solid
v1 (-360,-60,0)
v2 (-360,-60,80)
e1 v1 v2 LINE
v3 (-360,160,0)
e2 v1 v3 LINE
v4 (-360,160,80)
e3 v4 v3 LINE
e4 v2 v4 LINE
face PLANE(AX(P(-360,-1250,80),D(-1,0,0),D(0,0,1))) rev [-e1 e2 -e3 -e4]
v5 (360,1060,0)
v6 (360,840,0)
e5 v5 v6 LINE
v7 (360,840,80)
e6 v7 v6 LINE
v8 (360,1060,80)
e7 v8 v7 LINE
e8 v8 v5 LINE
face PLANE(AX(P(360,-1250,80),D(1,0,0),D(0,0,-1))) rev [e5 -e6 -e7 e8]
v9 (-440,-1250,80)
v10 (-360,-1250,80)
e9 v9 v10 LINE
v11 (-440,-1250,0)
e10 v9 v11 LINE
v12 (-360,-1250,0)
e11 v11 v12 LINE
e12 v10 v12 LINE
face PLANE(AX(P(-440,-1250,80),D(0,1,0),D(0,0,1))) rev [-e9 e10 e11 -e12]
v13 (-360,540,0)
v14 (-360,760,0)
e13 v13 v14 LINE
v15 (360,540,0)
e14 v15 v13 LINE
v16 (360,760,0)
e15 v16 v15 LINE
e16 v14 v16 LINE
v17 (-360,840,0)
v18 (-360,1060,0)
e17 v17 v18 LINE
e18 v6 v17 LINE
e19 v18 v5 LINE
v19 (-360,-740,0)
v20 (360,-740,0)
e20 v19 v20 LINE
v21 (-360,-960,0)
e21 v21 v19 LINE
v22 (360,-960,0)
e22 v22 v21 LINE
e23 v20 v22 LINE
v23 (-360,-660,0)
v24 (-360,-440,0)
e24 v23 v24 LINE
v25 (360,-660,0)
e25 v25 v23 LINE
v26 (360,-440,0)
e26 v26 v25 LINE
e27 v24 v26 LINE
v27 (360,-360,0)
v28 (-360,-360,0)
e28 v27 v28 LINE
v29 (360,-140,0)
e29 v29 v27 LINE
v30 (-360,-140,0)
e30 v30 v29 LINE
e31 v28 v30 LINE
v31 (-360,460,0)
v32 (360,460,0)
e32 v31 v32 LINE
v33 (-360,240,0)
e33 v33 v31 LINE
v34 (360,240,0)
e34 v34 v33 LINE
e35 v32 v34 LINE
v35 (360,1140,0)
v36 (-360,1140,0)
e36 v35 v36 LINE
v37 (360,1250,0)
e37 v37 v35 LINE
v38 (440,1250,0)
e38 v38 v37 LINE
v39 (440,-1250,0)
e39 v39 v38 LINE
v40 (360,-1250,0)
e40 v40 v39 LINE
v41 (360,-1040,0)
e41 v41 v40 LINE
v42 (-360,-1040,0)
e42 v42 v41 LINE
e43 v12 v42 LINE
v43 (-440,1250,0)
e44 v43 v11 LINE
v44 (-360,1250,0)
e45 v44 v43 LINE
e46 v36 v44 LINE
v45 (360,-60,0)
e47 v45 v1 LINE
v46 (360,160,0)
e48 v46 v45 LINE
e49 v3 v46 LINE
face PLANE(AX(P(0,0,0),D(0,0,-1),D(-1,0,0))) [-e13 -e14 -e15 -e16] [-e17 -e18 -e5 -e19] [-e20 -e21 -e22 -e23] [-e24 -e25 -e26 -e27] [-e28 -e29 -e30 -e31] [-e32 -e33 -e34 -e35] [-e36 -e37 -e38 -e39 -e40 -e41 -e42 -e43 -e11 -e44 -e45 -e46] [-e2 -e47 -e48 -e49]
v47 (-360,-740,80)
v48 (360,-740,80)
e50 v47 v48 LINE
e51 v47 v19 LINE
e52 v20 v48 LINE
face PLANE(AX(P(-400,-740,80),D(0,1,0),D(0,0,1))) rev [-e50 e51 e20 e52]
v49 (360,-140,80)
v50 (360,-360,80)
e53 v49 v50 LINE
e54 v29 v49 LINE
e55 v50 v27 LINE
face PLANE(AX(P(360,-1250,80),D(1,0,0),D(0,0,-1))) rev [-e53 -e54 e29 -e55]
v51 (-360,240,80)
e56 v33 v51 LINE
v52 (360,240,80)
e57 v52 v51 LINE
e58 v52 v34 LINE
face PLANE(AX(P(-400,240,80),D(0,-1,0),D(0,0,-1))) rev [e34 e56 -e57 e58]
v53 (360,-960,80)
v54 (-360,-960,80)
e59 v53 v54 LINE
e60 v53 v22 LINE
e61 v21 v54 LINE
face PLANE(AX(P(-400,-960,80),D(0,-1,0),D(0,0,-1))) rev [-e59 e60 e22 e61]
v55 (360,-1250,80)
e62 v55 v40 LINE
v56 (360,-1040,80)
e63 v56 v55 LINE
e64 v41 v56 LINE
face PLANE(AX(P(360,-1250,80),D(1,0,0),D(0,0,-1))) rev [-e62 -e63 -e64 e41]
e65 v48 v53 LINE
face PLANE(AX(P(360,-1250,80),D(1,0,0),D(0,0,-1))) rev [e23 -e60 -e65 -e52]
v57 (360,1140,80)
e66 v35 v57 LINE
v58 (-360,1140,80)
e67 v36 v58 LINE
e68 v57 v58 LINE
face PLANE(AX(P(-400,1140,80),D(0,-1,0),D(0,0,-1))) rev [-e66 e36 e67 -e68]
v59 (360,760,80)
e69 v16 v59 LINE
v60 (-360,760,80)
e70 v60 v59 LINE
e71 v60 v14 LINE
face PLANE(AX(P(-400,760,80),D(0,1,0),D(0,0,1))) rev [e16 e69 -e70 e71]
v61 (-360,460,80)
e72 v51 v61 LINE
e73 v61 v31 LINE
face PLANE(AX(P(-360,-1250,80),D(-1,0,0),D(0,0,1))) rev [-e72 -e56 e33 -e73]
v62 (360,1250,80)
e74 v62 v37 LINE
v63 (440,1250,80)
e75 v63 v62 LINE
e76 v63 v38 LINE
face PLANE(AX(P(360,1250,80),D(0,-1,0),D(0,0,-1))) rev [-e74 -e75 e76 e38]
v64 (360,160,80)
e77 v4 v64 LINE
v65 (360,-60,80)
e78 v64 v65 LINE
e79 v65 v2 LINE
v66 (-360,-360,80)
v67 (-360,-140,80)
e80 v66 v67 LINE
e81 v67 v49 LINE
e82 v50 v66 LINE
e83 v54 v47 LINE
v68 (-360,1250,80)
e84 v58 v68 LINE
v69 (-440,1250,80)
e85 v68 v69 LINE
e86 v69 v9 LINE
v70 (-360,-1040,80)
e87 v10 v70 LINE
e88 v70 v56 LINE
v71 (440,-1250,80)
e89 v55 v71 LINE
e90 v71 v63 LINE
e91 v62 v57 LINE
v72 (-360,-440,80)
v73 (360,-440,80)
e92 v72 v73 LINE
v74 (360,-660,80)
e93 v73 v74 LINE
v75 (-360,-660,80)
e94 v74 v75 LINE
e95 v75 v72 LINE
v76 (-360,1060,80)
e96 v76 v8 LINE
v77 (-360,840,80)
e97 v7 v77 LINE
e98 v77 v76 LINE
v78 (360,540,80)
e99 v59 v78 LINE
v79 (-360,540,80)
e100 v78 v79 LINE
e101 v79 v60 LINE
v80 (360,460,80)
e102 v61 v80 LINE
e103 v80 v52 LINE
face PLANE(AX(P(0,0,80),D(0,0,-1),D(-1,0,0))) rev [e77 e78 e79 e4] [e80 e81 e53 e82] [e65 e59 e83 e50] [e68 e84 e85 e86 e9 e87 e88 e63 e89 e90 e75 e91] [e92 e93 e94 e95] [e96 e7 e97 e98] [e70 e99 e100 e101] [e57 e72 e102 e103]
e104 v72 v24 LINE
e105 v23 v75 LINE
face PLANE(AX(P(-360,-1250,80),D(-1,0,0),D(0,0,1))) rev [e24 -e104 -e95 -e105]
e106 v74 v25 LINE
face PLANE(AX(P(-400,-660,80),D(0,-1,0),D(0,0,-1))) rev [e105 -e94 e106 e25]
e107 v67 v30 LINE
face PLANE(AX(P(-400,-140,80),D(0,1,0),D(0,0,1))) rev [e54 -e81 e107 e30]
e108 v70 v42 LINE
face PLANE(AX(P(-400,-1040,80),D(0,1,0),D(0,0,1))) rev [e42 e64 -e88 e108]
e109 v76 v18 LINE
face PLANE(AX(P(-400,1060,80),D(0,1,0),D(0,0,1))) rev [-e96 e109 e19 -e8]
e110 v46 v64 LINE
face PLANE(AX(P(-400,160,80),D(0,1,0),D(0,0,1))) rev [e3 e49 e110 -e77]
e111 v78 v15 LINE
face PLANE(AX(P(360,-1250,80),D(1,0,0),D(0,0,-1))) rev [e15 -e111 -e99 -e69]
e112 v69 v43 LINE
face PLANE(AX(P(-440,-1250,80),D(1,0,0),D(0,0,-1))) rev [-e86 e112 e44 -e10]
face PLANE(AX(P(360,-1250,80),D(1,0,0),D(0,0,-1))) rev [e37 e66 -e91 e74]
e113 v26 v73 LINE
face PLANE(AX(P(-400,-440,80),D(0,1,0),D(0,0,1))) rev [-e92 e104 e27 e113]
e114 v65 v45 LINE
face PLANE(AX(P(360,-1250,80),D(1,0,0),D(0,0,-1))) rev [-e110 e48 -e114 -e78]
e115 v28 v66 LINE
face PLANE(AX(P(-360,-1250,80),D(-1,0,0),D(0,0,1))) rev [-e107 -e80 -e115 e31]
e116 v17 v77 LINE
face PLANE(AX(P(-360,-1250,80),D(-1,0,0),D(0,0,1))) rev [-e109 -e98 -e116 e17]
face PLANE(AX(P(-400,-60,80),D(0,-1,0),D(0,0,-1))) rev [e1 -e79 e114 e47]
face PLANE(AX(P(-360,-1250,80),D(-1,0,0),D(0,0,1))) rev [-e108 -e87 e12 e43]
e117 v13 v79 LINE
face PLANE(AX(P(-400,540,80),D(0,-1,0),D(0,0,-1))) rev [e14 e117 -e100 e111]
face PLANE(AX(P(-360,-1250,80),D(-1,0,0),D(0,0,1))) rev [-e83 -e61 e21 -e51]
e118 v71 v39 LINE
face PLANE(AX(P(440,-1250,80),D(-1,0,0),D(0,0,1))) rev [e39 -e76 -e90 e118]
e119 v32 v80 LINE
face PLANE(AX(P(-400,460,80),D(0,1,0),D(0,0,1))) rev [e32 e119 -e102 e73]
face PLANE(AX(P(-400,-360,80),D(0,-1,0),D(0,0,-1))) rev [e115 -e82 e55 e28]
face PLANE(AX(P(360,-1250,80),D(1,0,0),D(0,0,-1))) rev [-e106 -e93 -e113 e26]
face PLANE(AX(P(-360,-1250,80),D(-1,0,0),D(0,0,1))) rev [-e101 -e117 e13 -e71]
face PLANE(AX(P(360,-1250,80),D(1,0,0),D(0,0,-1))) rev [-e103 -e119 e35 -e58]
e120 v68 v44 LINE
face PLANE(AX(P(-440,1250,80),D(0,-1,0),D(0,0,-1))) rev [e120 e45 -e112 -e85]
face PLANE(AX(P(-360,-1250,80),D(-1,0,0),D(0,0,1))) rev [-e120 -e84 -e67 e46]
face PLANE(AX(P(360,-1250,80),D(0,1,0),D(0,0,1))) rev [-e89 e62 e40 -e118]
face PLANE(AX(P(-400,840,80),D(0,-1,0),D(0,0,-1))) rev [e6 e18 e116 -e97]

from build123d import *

# Parameters (mm, degrees)
SKETCH_1_W       = 80
SKETCH_1_H       = 2500
EXTRUDE_1_DEPTH  = 80
SKETCH_2_W       = 80
SKETCH_2_H       = 2500
EXTRUDE_2_DEPTH  = 80
SKETCH_3_W       = 800
SKETCH_3_H       = 80
EXTRUDE_3_DEPTH  = 80
SKETCH_4_W       = 800
SKETCH_4_H       = 80
EXTRUDE_4_DEPTH  = 80
SKETCH_5_W       = 800
SKETCH_5_H       = 80
EXTRUDE_5_DEPTH  = 80
SKETCH_6_W       = 800
SKETCH_6_H       = 80
EXTRUDE_6_DEPTH  = 80
SKETCH_7_W       = 800
SKETCH_7_H       = 80
EXTRUDE_7_DEPTH  = 80
SKETCH_8_W       = 800
SKETCH_8_H       = 80
EXTRUDE_8_DEPTH  = 80
SKETCH_9_W       = 800
SKETCH_9_H       = 80
EXTRUDE_9_DEPTH  = 80
SKETCH_10_W      = 800
SKETCH_10_H      = 80
EXTRUDE_10_DEPTH = 80


with BuildPart() as part:
    # 草图1 → 凸台-拉伸1 (new body)
    with BuildSketch(Plane.XY):
        with Locations((-400, 0)):
            Rectangle(SKETCH_1_W, SKETCH_1_H)
    extrude(amount=EXTRUDE_1_DEPTH)



with BuildPart() as body_2:
    # 草图2 → 凸台-拉伸2 (new body)
    with BuildSketch(Plane.XY):
        with Locations((400, 0)):
            Rectangle(SKETCH_2_W, SKETCH_2_H)
    extrude(amount=EXTRUDE_2_DEPTH)


with BuildPart() as part_1:
    add(part.part)

    add(body_2.part)  # 凸台-拉伸3 merges body 2
    # 草图3 → 凸台-拉伸3 (add)
    with BuildSketch(Plane.XY):
        with Locations((0, 1100)):
            Rectangle(SKETCH_3_W, SKETCH_3_H)
    extrude(amount=EXTRUDE_3_DEPTH)

    # 草图4 → 凸台-拉伸4 (add)
    with BuildSketch(Plane.XY):
        with Locations((0, 800)):
            Rectangle(SKETCH_4_W, SKETCH_4_H)
    extrude(amount=EXTRUDE_4_DEPTH)

    # 草图5 → 凸台-拉伸5 (add)
    with BuildSketch(Plane.XY):
        with Locations((0, 500)):
            Rectangle(SKETCH_5_W, SKETCH_5_H)
    extrude(amount=EXTRUDE_5_DEPTH)

    # 草图6 → 凸台-拉伸6 (add)
    with BuildSketch(Plane.XY):
        with Locations((0, 200)):
            Rectangle(SKETCH_6_W, SKETCH_6_H)
    extrude(amount=EXTRUDE_6_DEPTH)

    # 草图7 → 凸台-拉伸7 (add)
    with BuildSketch(Plane.XY):
        with Locations((0, -100)):
            Rectangle(SKETCH_7_W, SKETCH_7_H)
    extrude(amount=EXTRUDE_7_DEPTH)

    # 草图8 → 凸台-拉伸8 (add)
    with BuildSketch(Plane.XY):
        with Locations((0, -400)):
            Rectangle(SKETCH_8_W, SKETCH_8_H)
    extrude(amount=EXTRUDE_8_DEPTH)

    # 草图9 → 凸台-拉伸9 (add)
    with BuildSketch(Plane.XY):
        with Locations((0, -700)):
            Rectangle(SKETCH_9_W, SKETCH_9_H)
    extrude(amount=EXTRUDE_9_DEPTH)

    # 草图10 → 凸台-拉伸10 (add)
    with BuildSketch(Plane.XY):
        with Locations((0, -1000)):
            Rectangle(SKETCH_10_W, SKETCH_10_H)
    extrude(amount=EXTRUDE_10_DEPTH)


solid = part_1.part
